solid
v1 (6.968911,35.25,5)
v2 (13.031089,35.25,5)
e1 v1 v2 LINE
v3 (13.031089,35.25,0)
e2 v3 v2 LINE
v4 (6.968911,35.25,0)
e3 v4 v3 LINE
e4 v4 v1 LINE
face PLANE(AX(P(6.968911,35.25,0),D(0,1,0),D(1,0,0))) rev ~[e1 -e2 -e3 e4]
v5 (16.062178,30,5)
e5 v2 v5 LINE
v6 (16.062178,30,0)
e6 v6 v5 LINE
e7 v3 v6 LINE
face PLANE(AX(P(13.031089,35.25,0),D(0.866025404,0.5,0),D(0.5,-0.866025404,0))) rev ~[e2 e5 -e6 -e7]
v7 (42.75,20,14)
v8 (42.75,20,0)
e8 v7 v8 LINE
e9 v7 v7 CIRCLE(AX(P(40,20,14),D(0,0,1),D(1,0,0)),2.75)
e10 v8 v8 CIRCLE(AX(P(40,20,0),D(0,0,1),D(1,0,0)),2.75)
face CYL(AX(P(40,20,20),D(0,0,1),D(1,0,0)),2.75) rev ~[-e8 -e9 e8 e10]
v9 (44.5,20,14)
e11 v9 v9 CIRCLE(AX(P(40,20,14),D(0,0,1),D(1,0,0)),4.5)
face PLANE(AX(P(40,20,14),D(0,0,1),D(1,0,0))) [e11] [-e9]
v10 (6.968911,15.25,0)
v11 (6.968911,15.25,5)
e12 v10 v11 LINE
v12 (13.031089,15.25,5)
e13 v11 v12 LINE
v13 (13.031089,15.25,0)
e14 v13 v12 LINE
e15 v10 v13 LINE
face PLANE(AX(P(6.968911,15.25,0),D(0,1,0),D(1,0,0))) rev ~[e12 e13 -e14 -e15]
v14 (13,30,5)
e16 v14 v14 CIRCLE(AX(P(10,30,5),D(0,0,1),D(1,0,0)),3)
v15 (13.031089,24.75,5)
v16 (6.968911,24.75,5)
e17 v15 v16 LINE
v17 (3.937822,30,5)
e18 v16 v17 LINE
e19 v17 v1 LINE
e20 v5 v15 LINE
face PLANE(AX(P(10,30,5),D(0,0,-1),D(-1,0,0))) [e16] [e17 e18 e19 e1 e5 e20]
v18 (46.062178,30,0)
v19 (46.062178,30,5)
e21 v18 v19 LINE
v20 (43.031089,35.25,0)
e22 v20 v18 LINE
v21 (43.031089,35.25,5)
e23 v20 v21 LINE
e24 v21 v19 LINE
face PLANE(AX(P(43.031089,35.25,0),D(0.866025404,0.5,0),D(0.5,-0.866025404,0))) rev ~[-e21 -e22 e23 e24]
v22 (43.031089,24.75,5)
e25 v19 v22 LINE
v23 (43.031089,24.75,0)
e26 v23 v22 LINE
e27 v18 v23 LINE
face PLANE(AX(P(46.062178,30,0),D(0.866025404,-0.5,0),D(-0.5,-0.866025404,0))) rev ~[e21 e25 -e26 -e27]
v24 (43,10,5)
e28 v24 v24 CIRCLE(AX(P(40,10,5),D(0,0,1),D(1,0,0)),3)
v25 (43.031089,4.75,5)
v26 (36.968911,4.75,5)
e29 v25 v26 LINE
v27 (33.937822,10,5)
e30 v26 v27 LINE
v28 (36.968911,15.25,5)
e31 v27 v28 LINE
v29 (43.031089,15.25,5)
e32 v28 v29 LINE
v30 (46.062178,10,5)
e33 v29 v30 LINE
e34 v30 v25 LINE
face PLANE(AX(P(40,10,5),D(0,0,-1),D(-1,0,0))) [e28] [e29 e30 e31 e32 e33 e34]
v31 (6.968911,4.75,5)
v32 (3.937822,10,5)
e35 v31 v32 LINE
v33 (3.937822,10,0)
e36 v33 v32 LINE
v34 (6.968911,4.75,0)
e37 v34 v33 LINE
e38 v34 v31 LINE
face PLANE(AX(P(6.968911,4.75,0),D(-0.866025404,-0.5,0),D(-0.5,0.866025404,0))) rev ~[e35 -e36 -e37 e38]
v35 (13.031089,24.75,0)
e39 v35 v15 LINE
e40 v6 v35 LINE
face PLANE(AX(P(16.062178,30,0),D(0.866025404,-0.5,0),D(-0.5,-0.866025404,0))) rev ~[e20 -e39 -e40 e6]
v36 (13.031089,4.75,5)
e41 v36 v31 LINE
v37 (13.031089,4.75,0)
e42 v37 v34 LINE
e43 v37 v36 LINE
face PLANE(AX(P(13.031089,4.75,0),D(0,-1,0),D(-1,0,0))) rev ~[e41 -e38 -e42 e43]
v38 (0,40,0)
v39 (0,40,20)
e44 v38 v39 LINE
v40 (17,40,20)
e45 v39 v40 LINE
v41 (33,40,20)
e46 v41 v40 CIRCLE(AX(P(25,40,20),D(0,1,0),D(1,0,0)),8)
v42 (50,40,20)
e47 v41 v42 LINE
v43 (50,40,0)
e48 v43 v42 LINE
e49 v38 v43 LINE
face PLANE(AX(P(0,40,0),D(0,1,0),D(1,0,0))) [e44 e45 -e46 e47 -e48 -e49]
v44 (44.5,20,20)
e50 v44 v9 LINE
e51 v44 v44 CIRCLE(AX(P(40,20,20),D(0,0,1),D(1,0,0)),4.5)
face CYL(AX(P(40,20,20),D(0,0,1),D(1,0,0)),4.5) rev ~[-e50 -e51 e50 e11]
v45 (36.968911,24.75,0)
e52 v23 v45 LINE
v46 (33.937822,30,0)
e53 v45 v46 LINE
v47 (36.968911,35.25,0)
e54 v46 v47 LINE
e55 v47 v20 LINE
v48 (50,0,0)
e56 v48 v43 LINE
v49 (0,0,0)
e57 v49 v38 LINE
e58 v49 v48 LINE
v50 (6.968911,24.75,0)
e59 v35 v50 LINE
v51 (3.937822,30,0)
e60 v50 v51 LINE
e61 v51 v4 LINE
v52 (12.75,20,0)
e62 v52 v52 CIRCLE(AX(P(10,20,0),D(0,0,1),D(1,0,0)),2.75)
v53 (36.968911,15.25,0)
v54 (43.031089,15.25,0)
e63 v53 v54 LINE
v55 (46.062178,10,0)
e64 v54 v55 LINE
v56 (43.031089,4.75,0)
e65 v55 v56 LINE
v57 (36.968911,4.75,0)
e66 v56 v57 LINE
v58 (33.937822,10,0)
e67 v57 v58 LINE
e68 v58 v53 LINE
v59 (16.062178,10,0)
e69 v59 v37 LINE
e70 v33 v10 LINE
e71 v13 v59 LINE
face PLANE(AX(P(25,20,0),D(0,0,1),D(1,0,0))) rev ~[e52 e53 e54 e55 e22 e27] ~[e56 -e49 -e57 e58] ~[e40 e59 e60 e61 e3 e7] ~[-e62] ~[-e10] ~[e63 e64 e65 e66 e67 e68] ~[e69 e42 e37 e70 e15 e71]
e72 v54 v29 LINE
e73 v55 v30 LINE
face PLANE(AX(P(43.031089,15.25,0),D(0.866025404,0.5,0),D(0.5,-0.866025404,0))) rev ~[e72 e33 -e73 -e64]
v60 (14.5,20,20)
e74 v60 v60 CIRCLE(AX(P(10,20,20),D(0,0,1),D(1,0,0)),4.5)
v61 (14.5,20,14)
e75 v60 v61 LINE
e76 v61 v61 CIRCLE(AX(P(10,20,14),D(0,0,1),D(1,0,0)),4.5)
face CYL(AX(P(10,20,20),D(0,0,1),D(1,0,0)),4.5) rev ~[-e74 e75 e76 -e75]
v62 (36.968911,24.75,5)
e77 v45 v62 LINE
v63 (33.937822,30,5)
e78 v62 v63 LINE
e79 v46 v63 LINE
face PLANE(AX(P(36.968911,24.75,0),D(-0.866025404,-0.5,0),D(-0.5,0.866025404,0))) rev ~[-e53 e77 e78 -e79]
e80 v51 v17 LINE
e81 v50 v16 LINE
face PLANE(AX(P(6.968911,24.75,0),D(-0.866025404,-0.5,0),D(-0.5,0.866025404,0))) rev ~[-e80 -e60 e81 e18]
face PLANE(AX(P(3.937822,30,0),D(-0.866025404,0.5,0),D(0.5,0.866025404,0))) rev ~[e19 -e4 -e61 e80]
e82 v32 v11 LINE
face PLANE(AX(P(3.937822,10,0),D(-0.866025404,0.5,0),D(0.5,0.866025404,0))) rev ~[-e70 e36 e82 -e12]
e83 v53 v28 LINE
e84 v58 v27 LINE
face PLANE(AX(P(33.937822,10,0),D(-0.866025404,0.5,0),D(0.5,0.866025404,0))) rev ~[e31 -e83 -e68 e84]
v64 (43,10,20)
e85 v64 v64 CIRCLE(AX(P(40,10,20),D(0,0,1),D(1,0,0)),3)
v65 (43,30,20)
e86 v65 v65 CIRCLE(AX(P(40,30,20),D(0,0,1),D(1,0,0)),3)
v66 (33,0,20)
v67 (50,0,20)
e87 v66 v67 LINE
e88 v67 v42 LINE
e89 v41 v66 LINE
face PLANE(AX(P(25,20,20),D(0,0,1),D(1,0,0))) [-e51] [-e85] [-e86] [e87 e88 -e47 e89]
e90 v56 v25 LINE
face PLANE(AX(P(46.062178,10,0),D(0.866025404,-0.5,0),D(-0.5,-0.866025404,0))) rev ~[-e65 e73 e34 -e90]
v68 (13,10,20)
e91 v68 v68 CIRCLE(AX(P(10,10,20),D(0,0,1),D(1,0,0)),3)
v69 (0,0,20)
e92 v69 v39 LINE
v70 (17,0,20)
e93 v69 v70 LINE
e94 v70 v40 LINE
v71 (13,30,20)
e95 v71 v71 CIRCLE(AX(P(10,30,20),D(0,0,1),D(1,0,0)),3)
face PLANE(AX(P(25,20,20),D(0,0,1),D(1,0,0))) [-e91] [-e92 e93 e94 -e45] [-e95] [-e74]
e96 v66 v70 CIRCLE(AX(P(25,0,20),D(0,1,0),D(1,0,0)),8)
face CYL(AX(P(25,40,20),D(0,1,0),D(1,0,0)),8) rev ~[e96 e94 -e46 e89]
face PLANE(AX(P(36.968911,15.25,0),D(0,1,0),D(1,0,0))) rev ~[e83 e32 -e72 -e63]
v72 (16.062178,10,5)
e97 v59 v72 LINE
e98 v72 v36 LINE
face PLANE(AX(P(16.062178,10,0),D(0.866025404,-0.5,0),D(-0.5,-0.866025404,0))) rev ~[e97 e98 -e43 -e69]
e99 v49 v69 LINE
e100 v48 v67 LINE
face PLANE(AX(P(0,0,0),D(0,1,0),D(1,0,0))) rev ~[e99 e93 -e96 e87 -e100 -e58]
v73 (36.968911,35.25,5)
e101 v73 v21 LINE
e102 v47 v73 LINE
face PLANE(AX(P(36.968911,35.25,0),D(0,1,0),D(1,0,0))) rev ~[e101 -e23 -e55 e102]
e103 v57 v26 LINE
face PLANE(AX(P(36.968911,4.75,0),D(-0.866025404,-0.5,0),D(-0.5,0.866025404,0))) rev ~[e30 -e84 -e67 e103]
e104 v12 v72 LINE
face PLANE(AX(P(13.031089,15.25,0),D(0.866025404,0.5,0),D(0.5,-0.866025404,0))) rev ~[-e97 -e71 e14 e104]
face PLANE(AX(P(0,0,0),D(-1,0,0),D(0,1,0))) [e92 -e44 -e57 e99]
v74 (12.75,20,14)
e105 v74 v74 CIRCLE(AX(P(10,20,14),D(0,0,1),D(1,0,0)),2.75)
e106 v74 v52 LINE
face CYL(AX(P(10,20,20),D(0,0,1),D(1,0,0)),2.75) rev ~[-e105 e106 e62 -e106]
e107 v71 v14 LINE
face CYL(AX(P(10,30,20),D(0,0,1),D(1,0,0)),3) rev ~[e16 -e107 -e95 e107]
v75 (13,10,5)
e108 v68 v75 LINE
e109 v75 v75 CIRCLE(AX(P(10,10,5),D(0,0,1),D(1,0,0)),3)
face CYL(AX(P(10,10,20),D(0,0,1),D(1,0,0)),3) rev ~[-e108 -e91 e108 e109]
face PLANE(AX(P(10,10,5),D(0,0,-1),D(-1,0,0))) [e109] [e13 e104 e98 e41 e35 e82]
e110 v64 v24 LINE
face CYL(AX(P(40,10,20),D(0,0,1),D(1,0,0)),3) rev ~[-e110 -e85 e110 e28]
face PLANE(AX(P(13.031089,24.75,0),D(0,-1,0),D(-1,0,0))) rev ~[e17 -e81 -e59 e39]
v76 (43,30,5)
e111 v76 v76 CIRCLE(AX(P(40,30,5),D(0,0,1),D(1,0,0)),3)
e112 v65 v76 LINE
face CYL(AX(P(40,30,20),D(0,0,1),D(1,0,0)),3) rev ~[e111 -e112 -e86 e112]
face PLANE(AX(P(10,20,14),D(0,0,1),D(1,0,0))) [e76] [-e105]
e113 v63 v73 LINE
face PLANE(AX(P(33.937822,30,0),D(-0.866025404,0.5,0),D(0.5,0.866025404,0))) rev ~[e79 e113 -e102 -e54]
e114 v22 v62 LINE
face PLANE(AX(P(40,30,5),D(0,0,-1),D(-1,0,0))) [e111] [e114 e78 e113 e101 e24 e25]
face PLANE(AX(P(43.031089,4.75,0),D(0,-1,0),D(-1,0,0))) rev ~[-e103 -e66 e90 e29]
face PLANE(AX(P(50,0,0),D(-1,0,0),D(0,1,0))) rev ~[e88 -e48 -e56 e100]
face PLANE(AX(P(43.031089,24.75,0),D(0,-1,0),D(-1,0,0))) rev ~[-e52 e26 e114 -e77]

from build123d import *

# Parameters (mm, degrees)
SKETCH1_W           = 50
SKETCH1_H           = 40
BOSS_EXTRUDE1_DEPTH = 20
SKETCH2_R           = 8
CUT_EXTRUDE1_DEPTH  = 43
SKETCH3_R           = 3
CUT_EXTRUDE2_DEPTH  = 43
SKETCH4_R           = 2.75
CUT_EXTRUDE3_DEPTH  = 50
SKETCH5_R           = 4.5
CUT_EXTRUDE4_DEPTH  = 6
CUT_EXTRUDE5_DEPTH  = 5


with BuildPart() as part:
    # Sketch1 → Boss-Extrude1 (new body)
    with BuildSketch(Plane.XY):
        with Locations((25, 20)):
            Rectangle(SKETCH1_W, SKETCH1_H)
    extrude(amount=BOSS_EXTRUDE1_DEPTH)

    # Sketch2 → Cut-Extrude1 (cut)
    with BuildSketch(Plane(origin=(0, 40, 0), x_dir=(1, 0, 0), z_dir=(0, 1, 0))):
        with Locations((25, -20)):
            Circle(SKETCH2_R)
    extrude(amount=-CUT_EXTRUDE1_DEPTH, mode=Mode.SUBTRACT)

    # Sketch3 → Cut-Extrude2 (cut)
    with BuildSketch(Plane.XY.offset(20)):
        with Locations((10, 30)):
            Circle(SKETCH3_R)
        with Locations((10, 10)):
            Circle(SKETCH3_R)
        with Locations((40, 30)):
            Circle(SKETCH3_R)
        with Locations((40, 10)):
            Circle(SKETCH3_R)
    extrude(amount=-CUT_EXTRUDE2_DEPTH, mode=Mode.SUBTRACT)

    # Sketch4 → Cut-Extrude3 (cut)
    with BuildSketch(Plane.XY.offset(20)):
        with Locations((10, 20)):
            Circle(SKETCH4_R)
        with Locations((40, 20)):
            Circle(SKETCH4_R)
    extrude(amount=-CUT_EXTRUDE3_DEPTH, mode=Mode.SUBTRACT)

    # Sketch5 → Cut-Extrude4 (cut)
    with BuildSketch(Plane.XY.offset(20)):
        with Locations((10, 20)):
            Circle(SKETCH5_R)
        with Locations((40, 20)):
            Circle(SKETCH5_R)
    extrude(amount=-CUT_EXTRUDE4_DEPTH, mode=Mode.SUBTRACT)

    # Sketch6 → Cut-Extrude5 (cut)
    with BuildSketch(Plane(origin=(0, 0, 0), x_dir=(-1, 0, 0), z_dir=(0, 0, -1))):
        Polygon((-3.937822174, 10), (-6.968911087, 15.25), (-13.031088913, 15.25), (-16.062177826, 10), (-13.031088913, 4.75), (-6.968911087, 4.75), align=None)
        Polygon((-43.031088913, 15.25), (-46.062177826, 10), (-43.031088913, 4.75), (-36.968911087, 4.75), (-33.937822174, 10), (-36.968911087, 15.25), align=None)
        Polygon((-36.968911087, 24.75), (-33.937822174, 30), (-36.968911087, 35.25), (-43.031088913, 35.25), (-46.062177826, 30), (-43.031088913, 24.75), align=None)
        Polygon((-6.968911087, 24.75), (-3.937822174, 30), (-6.968911087, 35.25), (-13.031088913, 35.25), (-16.062177826, 30), (-13.031088913, 24.75), align=None)
    extrude(amount=-CUT_EXTRUDE5_DEPTH, mode=Mode.SUBTRACT)


solid = part.part
